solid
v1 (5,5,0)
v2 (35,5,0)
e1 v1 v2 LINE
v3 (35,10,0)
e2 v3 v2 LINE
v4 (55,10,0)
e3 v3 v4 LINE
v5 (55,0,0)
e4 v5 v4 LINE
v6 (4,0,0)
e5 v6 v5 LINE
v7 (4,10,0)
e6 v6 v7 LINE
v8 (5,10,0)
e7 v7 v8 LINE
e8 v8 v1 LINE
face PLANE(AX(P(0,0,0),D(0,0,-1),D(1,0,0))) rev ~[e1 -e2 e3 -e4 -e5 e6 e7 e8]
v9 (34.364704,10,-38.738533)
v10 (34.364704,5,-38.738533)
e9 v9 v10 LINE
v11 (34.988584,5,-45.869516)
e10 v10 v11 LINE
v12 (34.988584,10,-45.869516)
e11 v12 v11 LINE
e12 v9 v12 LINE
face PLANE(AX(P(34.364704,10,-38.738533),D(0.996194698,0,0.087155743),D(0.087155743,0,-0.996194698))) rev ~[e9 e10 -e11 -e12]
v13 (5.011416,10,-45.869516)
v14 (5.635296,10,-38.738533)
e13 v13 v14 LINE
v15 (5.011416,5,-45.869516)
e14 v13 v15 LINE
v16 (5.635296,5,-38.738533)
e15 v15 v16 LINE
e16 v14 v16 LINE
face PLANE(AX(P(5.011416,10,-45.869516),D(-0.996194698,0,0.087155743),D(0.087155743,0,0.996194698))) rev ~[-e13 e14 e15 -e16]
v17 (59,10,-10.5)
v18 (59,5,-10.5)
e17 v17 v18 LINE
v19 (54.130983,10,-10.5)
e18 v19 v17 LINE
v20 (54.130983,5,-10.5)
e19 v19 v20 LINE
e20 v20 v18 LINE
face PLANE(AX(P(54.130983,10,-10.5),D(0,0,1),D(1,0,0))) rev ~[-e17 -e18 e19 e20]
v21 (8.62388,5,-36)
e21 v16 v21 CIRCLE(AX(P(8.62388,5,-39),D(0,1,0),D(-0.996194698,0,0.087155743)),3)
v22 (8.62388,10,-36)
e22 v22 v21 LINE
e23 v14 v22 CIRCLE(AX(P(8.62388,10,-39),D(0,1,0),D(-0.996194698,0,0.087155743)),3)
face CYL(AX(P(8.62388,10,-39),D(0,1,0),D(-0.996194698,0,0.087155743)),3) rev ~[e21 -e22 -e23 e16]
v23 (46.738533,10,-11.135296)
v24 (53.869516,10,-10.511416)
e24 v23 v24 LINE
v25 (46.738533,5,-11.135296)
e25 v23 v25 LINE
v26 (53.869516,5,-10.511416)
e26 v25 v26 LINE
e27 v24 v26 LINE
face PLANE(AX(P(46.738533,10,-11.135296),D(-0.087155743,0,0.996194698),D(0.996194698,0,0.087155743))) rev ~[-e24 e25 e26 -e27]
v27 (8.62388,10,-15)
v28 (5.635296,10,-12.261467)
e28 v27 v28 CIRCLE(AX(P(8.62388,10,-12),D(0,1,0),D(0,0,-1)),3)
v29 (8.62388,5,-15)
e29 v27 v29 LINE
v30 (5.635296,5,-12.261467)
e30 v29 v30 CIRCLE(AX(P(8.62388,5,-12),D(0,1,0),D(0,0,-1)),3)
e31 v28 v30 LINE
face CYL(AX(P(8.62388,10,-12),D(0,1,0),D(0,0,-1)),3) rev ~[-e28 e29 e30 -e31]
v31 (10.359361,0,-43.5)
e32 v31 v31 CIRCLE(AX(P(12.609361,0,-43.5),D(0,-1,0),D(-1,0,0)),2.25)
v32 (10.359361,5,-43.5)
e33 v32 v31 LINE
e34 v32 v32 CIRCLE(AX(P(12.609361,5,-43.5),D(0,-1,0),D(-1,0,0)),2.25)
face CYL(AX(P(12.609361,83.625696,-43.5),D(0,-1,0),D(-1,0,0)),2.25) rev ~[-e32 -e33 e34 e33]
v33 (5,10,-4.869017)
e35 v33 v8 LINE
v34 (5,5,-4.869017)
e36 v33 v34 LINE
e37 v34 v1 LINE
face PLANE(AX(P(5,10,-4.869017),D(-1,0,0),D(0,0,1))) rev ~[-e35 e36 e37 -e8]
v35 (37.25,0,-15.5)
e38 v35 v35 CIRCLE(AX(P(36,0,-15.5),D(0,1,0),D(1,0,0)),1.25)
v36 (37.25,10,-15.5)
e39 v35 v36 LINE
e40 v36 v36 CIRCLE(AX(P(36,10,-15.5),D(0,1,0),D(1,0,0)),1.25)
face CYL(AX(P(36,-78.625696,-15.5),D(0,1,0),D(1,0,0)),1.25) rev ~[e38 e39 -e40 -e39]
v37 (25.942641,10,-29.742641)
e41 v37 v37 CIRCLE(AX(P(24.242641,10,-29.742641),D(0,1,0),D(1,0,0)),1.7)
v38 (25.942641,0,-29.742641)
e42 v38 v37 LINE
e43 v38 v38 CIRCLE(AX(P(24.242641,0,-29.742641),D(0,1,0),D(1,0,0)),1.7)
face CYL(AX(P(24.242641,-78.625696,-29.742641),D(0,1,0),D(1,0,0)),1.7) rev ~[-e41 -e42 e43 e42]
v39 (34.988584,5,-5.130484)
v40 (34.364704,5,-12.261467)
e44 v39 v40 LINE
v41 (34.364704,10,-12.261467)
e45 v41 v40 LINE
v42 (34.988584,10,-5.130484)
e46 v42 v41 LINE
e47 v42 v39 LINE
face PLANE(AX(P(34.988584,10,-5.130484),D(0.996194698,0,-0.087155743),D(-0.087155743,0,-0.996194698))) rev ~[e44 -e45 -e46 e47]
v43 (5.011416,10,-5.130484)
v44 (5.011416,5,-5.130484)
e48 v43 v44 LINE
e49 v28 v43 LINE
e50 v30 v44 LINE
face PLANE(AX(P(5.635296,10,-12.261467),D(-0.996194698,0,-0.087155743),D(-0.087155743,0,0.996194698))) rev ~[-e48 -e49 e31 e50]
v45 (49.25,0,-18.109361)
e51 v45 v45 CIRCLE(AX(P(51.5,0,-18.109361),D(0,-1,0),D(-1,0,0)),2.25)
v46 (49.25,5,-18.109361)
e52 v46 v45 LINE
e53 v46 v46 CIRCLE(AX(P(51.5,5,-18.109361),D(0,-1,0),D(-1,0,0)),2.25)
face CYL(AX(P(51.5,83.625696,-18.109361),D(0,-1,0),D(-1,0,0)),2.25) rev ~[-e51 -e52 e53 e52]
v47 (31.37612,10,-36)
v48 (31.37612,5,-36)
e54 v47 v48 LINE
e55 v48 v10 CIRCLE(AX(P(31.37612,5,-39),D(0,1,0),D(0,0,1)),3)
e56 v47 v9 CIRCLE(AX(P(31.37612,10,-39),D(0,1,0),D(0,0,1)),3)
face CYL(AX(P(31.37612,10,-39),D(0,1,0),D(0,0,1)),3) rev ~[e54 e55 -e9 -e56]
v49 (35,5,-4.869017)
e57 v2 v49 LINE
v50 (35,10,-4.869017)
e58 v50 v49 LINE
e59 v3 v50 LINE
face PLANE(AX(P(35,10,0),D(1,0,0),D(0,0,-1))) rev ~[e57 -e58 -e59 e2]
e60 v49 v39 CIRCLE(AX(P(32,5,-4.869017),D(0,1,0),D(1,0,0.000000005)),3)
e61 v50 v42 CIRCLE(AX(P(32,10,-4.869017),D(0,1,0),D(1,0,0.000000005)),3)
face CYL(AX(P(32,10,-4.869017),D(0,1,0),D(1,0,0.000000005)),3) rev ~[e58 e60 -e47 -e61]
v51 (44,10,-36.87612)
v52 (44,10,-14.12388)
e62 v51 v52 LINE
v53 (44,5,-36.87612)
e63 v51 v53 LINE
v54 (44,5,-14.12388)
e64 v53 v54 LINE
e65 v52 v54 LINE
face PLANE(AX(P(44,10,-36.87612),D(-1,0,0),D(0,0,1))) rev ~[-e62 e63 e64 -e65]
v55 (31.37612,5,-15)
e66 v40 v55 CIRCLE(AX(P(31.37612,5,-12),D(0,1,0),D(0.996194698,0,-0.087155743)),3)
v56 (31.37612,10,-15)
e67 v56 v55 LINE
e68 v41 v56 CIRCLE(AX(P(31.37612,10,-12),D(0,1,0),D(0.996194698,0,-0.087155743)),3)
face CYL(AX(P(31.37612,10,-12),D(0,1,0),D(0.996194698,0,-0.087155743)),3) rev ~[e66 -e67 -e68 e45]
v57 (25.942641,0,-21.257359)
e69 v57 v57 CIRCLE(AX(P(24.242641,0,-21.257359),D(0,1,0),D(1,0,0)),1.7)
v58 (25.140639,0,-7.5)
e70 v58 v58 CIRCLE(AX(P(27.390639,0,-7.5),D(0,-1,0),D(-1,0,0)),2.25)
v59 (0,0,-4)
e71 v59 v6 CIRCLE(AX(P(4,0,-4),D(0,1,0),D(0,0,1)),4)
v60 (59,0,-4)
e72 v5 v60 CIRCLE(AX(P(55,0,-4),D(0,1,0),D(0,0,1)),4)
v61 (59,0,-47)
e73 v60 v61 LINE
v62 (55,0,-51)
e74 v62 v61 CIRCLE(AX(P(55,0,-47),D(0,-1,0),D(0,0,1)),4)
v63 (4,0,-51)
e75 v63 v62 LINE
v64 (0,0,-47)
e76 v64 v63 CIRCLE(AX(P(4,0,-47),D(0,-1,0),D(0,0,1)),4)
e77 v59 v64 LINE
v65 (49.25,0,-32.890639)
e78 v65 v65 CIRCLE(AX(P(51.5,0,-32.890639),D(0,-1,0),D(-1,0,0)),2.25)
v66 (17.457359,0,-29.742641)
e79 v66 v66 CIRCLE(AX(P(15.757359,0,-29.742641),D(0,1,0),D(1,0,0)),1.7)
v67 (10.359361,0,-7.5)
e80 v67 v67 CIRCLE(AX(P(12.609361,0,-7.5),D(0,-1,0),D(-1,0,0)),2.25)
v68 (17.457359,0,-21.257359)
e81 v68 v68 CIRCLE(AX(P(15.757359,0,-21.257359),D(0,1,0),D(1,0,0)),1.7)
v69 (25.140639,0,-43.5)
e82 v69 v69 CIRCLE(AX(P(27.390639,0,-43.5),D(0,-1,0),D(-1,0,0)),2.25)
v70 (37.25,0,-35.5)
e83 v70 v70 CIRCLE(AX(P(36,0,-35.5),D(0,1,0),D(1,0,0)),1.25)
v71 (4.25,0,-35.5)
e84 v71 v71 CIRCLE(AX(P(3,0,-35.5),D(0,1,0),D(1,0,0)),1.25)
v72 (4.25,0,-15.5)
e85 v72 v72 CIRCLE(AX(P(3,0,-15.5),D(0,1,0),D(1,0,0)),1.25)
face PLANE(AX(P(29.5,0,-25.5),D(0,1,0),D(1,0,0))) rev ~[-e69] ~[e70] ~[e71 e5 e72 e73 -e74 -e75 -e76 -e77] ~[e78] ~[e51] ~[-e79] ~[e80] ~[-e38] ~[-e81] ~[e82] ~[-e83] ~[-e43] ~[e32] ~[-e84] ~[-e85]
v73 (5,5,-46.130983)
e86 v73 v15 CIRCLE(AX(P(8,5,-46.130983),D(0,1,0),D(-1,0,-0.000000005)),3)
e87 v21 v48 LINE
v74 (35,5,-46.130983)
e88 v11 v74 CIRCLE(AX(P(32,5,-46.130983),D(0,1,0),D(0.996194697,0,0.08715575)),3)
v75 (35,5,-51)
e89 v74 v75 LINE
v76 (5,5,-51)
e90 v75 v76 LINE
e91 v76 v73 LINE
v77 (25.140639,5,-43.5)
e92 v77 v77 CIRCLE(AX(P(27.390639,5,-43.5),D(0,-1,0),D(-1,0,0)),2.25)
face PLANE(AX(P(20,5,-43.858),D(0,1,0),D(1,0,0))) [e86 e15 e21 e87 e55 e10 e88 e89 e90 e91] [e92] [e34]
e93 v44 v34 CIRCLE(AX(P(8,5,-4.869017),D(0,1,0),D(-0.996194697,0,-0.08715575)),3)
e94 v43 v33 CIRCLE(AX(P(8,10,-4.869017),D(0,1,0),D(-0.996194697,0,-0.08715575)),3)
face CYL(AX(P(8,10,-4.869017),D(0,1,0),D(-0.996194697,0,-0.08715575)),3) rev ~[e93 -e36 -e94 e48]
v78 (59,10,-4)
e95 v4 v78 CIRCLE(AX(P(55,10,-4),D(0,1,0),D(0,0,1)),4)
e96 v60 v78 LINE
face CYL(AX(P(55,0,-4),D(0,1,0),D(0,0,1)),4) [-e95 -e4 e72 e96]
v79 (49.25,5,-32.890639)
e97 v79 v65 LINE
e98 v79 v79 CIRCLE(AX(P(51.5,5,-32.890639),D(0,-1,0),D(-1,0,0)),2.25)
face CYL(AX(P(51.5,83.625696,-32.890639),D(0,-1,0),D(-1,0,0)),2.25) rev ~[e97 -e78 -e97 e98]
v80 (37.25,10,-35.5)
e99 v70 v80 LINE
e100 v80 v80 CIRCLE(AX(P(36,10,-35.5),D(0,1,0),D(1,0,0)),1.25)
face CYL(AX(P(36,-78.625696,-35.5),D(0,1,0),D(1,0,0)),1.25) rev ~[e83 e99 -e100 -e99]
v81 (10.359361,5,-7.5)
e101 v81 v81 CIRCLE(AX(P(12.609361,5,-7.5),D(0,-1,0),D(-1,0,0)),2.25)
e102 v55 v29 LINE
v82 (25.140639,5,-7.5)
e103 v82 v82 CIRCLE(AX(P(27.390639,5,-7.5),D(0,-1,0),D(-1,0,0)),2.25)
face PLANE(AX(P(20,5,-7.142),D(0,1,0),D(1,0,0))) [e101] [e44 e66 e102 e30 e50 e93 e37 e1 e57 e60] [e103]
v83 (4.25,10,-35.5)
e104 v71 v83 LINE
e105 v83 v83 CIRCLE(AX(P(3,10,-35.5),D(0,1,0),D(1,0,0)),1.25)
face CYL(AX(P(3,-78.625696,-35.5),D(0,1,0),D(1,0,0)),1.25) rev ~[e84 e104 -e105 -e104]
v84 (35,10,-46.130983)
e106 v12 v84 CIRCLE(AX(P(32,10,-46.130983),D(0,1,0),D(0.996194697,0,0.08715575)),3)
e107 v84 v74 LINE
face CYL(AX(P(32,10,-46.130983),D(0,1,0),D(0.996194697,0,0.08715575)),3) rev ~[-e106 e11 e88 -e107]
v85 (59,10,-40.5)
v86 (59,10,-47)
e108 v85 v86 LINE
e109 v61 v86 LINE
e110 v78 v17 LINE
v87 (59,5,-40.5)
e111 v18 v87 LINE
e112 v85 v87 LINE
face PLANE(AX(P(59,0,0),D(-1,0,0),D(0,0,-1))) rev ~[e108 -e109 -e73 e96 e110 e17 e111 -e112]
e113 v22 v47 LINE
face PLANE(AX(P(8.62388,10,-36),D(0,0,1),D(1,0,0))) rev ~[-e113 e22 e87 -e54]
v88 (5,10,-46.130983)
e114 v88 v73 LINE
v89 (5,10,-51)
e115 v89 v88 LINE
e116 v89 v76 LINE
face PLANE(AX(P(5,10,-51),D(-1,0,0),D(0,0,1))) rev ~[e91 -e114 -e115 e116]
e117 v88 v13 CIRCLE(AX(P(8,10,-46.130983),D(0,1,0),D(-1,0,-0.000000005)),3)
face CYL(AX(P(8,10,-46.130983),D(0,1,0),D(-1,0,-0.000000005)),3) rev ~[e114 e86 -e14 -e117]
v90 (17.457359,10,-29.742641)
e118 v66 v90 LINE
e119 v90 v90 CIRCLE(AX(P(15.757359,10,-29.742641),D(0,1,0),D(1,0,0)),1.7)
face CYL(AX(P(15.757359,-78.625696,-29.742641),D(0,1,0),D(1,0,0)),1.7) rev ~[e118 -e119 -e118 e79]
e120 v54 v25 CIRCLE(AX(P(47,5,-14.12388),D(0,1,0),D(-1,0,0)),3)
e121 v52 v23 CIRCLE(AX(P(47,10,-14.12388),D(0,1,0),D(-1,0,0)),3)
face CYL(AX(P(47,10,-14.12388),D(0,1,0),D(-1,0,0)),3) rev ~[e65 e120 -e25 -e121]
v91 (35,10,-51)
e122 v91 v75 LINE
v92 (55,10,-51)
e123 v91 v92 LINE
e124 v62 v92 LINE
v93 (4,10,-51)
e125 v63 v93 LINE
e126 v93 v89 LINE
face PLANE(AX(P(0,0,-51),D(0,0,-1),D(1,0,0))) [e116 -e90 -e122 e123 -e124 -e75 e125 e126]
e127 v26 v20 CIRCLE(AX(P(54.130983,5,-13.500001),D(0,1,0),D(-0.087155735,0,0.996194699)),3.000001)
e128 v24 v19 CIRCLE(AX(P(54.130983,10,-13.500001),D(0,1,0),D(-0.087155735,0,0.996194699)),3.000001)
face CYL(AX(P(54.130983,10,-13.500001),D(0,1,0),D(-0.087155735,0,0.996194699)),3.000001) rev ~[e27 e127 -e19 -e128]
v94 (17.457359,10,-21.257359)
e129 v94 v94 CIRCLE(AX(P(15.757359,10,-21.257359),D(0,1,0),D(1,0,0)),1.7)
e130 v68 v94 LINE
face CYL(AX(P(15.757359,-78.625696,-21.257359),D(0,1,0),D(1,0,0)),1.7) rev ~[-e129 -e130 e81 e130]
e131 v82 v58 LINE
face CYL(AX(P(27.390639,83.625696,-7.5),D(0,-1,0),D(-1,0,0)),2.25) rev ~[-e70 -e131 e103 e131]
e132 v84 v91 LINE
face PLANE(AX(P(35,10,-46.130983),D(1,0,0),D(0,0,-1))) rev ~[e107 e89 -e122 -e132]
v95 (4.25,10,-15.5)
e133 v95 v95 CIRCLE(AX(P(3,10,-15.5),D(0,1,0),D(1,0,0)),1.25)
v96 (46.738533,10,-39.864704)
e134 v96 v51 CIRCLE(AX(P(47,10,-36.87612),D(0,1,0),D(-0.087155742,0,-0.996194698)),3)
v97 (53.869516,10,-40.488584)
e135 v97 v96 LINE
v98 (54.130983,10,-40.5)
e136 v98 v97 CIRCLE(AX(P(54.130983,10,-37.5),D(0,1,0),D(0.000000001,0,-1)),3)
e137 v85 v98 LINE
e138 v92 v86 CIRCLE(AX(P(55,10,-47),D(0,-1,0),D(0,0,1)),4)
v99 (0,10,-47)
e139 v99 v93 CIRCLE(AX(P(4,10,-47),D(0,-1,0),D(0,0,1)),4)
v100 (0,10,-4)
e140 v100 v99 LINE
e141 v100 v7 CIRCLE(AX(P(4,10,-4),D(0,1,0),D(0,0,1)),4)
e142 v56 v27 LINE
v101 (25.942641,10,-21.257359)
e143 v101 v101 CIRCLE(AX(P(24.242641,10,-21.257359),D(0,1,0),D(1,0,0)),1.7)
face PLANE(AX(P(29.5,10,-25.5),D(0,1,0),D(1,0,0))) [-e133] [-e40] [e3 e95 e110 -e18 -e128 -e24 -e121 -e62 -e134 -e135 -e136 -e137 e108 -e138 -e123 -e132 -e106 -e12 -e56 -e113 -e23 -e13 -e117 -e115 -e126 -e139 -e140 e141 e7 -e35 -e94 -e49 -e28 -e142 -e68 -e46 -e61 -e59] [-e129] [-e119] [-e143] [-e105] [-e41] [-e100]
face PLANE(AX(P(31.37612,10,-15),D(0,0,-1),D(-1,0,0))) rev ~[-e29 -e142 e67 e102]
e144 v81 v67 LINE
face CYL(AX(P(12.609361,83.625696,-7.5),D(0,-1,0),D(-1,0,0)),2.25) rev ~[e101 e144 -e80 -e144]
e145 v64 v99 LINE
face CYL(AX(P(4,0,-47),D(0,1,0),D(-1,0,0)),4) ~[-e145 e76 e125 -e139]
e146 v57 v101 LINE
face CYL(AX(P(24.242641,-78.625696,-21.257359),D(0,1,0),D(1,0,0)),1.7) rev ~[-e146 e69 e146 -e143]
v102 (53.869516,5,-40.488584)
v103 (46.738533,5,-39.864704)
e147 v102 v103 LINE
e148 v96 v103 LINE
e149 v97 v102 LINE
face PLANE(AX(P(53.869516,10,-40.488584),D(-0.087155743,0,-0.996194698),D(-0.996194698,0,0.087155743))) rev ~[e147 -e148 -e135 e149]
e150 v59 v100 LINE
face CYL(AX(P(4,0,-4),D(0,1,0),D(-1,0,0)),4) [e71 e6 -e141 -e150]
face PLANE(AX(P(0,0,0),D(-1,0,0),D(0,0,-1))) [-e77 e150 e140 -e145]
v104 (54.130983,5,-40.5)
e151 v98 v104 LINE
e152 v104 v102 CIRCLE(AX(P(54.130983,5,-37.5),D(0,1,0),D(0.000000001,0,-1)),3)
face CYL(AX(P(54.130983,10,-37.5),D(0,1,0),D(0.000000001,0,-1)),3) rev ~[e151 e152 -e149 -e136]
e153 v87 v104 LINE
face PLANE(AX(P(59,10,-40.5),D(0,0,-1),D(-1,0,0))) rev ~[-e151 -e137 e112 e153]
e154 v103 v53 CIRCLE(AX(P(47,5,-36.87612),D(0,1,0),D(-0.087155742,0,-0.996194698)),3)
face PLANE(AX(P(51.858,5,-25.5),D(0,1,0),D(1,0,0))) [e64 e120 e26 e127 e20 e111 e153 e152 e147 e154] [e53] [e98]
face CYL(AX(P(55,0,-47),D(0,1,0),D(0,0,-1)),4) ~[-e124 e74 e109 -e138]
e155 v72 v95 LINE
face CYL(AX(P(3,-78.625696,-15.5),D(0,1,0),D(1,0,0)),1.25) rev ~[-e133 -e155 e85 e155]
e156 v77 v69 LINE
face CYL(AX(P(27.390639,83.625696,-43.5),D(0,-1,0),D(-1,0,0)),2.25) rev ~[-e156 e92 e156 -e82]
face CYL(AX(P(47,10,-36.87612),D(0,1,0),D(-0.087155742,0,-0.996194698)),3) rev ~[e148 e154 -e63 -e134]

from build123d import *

# Parameters (mm, degrees)
SKETCH_1_W          = 59
SKETCH_1_H          = 51
EXTRUDE_1_DEPTH     = 10
CUT_EXTRUDE_5_DEPTH = 5
HOLE_WIZARD_M31_D   = 3.4
FILLET_1_R          = 4
FILLET_2_R          = 4
CUT_EXTRUDE_6_DEPTH = 5
HOLE_WIZARD_M42_D   = 4.5
M3X0_51_D           = 2.5


with BuildPart() as part:
    # Эскиз1 → Бобышка-Вытянуть1 (new body)
    with BuildSketch(Plane(origin=(0, 0, 0), x_dir=(1, 0, 0), z_dir=(0, 1, 0))):
        with Locations((29.5, 25.5)):
            Rectangle(SKETCH_1_W, SKETCH_1_H)
    extrude(amount=EXTRUDE_1_DEPTH)

    # Эскиз13 → Вырез-Вытянуть5 (cut)
    with BuildSketch(Plane(origin=(28.521351565, 10, -17.681729678), x_dir=(1, 0, 0), z_dir=(0, 1, 0))):
        with BuildLine():
            Line((30.478648435, 22.818270322), (25.609631264, 22.818270322))
            ThreePointArc((25.609631264, 22.818270322), (25.478773101, 22.815414987), (25.348164035, 22.806854417))
            Line((25.348164035, 22.806854417), (18.217181207, 22.182974259))
            ThreePointArc((18.217181207, 22.182974259), (16.266816424, 21.221160788), (15.478648435, 19.194390165))
            Line((15.478648435, 19.194390165), (15.478648435, -3.55784952))
            ThreePointArc((15.478648435, -3.55784952), (16.266816424, -5.584620143), (18.217181207, -6.546433615))
            Line((18.217181207, -6.546433615), (25.348164035, -7.170313772))
            ThreePointArc((25.348164035, -7.170313772), (25.478773101, -7.178874342), (25.609631264, -7.181729678))
            Line((25.609631264, -7.181729678), (30.478648435, -7.181729678))
            Line((30.478648435, -7.181729678), (30.478648435, 22.818270322))
        make_face()
    extrude(amount=-CUT_EXTRUDE_5_DEPTH, mode=Mode.SUBTRACT)

    # Отверстие с зазором M31 (through all)
    with Locations(Plane(origin=(0, 0, 0), x_dir=(-1, 0, 0), z_dir=(0, -1, 0))):
        with Locations((-24.242640687, 29.742640687), (-15.757359313, 29.742640687), (-15.757359313, 21.257359313), (-24.242640687, 21.257359313)):
            Hole(HOLE_WIZARD_M31_D / 2)

    # Скругление1
    fillet_1_edges = [part.edges().sort_by_distance(p)[0] for p in [
        (0, 5, -51),
        (0, 5, 0),
    ]]
    fillet(fillet_1_edges, radius=FILLET_1_R)

    # Скругление2
    fillet_2_edges = [part.edges().sort_by_distance(p)[0] for p in [
        (59, 5, -51),
        (59, 5, 0),
    ]]
    fillet(fillet_2_edges, radius=FILLET_2_R)

    # Эскиз14 → Вырез-Вытянуть6 (cut)
    with BuildSketch(Plane(origin=(28.521351565, 10, -17.681729678), x_dir=(1, 0, 0), z_dir=(0, 1, 0))):
        with BuildLine():
            Line((-23.521351565, -12.812712506), (-23.521351565, -17.681729678))
            Line((-23.521351565, -17.681729678), (6.478648435, -17.681729678))
            Line((6.478648435, -17.681729678), (6.478648435, -12.812712506))
            ThreePointArc((6.478648435, -12.812712506), (6.4757931, -12.681854344), (6.467232529, -12.551245278))
            Line((6.467232529, -12.551245278), (5.843352372, -5.420262449))
            ThreePointArc((5.843352372, -5.420262449), (4.8815389, -3.469897667), (2.854768277, -2.681729678))
            Line((2.854768277, -2.681729678), (-19.897471408, -2.681729678))
            ThreePointArc((-19.897471408, -2.681729678), (-21.924242031, -3.469897667), (-22.886055502, -5.420262449))
            Line((-22.886055502, -5.420262449), (-23.509935659, -12.551245278))
            ThreePointArc((-23.509935659, -12.551245278), (-23.51849623, -12.681854344), (-23.521351565, -12.812712506))
        make_face()
        with BuildLine():
            Line((6.478648435, 28.449253151), (6.478648435, 33.318270322))
            Line((6.478648435, 33.318270322), (-23.521351565, 33.318270322))
            Line((-23.521351565, 33.318270322), (-23.521351565, 28.449253151))
            ThreePointArc((-23.521351565, 28.449253151), (-23.51849623, 28.318394989), (-23.509935659, 28.187785923))
            Line((-23.509935659, 28.187785923), (-22.886055502, 21.056803094))
            ThreePointArc((-22.886055502, 21.056803094), (-21.924242031, 19.106438312), (-19.897471408, 18.318270322))
            Line((-19.897471408, 18.318270322), (2.854768277, 18.318270322))
            ThreePointArc((2.854768277, 18.318270322), (4.8815389, 19.106438312), (5.843352372, 21.056803094))
            Line((5.843352372, 21.056803094), (6.467232529, 28.187785923))
            ThreePointArc((6.467232529, 28.187785923), (6.4757931, 28.318394989), (6.478648435, 28.449253151))
        make_face()
    extrude(amount=-CUT_EXTRUDE_6_DEPTH, mode=Mode.SUBTRACT)

    # Отверстие с зазором M42 (through all)
    with Locations(Plane(origin=(28.521351565, 5, -17.681729678), x_dir=(1, 0, 0), z_dir=(0, 1, 0))):
        with Locations((-15.911990736, 25.818270322), (-1.130712395, 25.818270322), (22.978648435, 15.208909493), (22.978648435, 0.427631152), (-1.130712395, -10.181729678), (-15.911990736, -10.181729678)):
            Hole(HOLE_WIZARD_M42_D / 2)

    # Отверстие обработанное метчиком M3x0.51 (through all)
    with Locations(Plane(origin=(33.500358967, 0, -26.410335717), x_dir=(-1, 0, 0), z_dir=(0, -1, 0))):
        with Locations((30.500358967, -10.910335717), (-2.499641033, -10.910335717), (-2.499641033, 9.089664283), (30.500358967, 9.089664283)):
            Hole(M3X0_51_D / 2)


solid = part.part
